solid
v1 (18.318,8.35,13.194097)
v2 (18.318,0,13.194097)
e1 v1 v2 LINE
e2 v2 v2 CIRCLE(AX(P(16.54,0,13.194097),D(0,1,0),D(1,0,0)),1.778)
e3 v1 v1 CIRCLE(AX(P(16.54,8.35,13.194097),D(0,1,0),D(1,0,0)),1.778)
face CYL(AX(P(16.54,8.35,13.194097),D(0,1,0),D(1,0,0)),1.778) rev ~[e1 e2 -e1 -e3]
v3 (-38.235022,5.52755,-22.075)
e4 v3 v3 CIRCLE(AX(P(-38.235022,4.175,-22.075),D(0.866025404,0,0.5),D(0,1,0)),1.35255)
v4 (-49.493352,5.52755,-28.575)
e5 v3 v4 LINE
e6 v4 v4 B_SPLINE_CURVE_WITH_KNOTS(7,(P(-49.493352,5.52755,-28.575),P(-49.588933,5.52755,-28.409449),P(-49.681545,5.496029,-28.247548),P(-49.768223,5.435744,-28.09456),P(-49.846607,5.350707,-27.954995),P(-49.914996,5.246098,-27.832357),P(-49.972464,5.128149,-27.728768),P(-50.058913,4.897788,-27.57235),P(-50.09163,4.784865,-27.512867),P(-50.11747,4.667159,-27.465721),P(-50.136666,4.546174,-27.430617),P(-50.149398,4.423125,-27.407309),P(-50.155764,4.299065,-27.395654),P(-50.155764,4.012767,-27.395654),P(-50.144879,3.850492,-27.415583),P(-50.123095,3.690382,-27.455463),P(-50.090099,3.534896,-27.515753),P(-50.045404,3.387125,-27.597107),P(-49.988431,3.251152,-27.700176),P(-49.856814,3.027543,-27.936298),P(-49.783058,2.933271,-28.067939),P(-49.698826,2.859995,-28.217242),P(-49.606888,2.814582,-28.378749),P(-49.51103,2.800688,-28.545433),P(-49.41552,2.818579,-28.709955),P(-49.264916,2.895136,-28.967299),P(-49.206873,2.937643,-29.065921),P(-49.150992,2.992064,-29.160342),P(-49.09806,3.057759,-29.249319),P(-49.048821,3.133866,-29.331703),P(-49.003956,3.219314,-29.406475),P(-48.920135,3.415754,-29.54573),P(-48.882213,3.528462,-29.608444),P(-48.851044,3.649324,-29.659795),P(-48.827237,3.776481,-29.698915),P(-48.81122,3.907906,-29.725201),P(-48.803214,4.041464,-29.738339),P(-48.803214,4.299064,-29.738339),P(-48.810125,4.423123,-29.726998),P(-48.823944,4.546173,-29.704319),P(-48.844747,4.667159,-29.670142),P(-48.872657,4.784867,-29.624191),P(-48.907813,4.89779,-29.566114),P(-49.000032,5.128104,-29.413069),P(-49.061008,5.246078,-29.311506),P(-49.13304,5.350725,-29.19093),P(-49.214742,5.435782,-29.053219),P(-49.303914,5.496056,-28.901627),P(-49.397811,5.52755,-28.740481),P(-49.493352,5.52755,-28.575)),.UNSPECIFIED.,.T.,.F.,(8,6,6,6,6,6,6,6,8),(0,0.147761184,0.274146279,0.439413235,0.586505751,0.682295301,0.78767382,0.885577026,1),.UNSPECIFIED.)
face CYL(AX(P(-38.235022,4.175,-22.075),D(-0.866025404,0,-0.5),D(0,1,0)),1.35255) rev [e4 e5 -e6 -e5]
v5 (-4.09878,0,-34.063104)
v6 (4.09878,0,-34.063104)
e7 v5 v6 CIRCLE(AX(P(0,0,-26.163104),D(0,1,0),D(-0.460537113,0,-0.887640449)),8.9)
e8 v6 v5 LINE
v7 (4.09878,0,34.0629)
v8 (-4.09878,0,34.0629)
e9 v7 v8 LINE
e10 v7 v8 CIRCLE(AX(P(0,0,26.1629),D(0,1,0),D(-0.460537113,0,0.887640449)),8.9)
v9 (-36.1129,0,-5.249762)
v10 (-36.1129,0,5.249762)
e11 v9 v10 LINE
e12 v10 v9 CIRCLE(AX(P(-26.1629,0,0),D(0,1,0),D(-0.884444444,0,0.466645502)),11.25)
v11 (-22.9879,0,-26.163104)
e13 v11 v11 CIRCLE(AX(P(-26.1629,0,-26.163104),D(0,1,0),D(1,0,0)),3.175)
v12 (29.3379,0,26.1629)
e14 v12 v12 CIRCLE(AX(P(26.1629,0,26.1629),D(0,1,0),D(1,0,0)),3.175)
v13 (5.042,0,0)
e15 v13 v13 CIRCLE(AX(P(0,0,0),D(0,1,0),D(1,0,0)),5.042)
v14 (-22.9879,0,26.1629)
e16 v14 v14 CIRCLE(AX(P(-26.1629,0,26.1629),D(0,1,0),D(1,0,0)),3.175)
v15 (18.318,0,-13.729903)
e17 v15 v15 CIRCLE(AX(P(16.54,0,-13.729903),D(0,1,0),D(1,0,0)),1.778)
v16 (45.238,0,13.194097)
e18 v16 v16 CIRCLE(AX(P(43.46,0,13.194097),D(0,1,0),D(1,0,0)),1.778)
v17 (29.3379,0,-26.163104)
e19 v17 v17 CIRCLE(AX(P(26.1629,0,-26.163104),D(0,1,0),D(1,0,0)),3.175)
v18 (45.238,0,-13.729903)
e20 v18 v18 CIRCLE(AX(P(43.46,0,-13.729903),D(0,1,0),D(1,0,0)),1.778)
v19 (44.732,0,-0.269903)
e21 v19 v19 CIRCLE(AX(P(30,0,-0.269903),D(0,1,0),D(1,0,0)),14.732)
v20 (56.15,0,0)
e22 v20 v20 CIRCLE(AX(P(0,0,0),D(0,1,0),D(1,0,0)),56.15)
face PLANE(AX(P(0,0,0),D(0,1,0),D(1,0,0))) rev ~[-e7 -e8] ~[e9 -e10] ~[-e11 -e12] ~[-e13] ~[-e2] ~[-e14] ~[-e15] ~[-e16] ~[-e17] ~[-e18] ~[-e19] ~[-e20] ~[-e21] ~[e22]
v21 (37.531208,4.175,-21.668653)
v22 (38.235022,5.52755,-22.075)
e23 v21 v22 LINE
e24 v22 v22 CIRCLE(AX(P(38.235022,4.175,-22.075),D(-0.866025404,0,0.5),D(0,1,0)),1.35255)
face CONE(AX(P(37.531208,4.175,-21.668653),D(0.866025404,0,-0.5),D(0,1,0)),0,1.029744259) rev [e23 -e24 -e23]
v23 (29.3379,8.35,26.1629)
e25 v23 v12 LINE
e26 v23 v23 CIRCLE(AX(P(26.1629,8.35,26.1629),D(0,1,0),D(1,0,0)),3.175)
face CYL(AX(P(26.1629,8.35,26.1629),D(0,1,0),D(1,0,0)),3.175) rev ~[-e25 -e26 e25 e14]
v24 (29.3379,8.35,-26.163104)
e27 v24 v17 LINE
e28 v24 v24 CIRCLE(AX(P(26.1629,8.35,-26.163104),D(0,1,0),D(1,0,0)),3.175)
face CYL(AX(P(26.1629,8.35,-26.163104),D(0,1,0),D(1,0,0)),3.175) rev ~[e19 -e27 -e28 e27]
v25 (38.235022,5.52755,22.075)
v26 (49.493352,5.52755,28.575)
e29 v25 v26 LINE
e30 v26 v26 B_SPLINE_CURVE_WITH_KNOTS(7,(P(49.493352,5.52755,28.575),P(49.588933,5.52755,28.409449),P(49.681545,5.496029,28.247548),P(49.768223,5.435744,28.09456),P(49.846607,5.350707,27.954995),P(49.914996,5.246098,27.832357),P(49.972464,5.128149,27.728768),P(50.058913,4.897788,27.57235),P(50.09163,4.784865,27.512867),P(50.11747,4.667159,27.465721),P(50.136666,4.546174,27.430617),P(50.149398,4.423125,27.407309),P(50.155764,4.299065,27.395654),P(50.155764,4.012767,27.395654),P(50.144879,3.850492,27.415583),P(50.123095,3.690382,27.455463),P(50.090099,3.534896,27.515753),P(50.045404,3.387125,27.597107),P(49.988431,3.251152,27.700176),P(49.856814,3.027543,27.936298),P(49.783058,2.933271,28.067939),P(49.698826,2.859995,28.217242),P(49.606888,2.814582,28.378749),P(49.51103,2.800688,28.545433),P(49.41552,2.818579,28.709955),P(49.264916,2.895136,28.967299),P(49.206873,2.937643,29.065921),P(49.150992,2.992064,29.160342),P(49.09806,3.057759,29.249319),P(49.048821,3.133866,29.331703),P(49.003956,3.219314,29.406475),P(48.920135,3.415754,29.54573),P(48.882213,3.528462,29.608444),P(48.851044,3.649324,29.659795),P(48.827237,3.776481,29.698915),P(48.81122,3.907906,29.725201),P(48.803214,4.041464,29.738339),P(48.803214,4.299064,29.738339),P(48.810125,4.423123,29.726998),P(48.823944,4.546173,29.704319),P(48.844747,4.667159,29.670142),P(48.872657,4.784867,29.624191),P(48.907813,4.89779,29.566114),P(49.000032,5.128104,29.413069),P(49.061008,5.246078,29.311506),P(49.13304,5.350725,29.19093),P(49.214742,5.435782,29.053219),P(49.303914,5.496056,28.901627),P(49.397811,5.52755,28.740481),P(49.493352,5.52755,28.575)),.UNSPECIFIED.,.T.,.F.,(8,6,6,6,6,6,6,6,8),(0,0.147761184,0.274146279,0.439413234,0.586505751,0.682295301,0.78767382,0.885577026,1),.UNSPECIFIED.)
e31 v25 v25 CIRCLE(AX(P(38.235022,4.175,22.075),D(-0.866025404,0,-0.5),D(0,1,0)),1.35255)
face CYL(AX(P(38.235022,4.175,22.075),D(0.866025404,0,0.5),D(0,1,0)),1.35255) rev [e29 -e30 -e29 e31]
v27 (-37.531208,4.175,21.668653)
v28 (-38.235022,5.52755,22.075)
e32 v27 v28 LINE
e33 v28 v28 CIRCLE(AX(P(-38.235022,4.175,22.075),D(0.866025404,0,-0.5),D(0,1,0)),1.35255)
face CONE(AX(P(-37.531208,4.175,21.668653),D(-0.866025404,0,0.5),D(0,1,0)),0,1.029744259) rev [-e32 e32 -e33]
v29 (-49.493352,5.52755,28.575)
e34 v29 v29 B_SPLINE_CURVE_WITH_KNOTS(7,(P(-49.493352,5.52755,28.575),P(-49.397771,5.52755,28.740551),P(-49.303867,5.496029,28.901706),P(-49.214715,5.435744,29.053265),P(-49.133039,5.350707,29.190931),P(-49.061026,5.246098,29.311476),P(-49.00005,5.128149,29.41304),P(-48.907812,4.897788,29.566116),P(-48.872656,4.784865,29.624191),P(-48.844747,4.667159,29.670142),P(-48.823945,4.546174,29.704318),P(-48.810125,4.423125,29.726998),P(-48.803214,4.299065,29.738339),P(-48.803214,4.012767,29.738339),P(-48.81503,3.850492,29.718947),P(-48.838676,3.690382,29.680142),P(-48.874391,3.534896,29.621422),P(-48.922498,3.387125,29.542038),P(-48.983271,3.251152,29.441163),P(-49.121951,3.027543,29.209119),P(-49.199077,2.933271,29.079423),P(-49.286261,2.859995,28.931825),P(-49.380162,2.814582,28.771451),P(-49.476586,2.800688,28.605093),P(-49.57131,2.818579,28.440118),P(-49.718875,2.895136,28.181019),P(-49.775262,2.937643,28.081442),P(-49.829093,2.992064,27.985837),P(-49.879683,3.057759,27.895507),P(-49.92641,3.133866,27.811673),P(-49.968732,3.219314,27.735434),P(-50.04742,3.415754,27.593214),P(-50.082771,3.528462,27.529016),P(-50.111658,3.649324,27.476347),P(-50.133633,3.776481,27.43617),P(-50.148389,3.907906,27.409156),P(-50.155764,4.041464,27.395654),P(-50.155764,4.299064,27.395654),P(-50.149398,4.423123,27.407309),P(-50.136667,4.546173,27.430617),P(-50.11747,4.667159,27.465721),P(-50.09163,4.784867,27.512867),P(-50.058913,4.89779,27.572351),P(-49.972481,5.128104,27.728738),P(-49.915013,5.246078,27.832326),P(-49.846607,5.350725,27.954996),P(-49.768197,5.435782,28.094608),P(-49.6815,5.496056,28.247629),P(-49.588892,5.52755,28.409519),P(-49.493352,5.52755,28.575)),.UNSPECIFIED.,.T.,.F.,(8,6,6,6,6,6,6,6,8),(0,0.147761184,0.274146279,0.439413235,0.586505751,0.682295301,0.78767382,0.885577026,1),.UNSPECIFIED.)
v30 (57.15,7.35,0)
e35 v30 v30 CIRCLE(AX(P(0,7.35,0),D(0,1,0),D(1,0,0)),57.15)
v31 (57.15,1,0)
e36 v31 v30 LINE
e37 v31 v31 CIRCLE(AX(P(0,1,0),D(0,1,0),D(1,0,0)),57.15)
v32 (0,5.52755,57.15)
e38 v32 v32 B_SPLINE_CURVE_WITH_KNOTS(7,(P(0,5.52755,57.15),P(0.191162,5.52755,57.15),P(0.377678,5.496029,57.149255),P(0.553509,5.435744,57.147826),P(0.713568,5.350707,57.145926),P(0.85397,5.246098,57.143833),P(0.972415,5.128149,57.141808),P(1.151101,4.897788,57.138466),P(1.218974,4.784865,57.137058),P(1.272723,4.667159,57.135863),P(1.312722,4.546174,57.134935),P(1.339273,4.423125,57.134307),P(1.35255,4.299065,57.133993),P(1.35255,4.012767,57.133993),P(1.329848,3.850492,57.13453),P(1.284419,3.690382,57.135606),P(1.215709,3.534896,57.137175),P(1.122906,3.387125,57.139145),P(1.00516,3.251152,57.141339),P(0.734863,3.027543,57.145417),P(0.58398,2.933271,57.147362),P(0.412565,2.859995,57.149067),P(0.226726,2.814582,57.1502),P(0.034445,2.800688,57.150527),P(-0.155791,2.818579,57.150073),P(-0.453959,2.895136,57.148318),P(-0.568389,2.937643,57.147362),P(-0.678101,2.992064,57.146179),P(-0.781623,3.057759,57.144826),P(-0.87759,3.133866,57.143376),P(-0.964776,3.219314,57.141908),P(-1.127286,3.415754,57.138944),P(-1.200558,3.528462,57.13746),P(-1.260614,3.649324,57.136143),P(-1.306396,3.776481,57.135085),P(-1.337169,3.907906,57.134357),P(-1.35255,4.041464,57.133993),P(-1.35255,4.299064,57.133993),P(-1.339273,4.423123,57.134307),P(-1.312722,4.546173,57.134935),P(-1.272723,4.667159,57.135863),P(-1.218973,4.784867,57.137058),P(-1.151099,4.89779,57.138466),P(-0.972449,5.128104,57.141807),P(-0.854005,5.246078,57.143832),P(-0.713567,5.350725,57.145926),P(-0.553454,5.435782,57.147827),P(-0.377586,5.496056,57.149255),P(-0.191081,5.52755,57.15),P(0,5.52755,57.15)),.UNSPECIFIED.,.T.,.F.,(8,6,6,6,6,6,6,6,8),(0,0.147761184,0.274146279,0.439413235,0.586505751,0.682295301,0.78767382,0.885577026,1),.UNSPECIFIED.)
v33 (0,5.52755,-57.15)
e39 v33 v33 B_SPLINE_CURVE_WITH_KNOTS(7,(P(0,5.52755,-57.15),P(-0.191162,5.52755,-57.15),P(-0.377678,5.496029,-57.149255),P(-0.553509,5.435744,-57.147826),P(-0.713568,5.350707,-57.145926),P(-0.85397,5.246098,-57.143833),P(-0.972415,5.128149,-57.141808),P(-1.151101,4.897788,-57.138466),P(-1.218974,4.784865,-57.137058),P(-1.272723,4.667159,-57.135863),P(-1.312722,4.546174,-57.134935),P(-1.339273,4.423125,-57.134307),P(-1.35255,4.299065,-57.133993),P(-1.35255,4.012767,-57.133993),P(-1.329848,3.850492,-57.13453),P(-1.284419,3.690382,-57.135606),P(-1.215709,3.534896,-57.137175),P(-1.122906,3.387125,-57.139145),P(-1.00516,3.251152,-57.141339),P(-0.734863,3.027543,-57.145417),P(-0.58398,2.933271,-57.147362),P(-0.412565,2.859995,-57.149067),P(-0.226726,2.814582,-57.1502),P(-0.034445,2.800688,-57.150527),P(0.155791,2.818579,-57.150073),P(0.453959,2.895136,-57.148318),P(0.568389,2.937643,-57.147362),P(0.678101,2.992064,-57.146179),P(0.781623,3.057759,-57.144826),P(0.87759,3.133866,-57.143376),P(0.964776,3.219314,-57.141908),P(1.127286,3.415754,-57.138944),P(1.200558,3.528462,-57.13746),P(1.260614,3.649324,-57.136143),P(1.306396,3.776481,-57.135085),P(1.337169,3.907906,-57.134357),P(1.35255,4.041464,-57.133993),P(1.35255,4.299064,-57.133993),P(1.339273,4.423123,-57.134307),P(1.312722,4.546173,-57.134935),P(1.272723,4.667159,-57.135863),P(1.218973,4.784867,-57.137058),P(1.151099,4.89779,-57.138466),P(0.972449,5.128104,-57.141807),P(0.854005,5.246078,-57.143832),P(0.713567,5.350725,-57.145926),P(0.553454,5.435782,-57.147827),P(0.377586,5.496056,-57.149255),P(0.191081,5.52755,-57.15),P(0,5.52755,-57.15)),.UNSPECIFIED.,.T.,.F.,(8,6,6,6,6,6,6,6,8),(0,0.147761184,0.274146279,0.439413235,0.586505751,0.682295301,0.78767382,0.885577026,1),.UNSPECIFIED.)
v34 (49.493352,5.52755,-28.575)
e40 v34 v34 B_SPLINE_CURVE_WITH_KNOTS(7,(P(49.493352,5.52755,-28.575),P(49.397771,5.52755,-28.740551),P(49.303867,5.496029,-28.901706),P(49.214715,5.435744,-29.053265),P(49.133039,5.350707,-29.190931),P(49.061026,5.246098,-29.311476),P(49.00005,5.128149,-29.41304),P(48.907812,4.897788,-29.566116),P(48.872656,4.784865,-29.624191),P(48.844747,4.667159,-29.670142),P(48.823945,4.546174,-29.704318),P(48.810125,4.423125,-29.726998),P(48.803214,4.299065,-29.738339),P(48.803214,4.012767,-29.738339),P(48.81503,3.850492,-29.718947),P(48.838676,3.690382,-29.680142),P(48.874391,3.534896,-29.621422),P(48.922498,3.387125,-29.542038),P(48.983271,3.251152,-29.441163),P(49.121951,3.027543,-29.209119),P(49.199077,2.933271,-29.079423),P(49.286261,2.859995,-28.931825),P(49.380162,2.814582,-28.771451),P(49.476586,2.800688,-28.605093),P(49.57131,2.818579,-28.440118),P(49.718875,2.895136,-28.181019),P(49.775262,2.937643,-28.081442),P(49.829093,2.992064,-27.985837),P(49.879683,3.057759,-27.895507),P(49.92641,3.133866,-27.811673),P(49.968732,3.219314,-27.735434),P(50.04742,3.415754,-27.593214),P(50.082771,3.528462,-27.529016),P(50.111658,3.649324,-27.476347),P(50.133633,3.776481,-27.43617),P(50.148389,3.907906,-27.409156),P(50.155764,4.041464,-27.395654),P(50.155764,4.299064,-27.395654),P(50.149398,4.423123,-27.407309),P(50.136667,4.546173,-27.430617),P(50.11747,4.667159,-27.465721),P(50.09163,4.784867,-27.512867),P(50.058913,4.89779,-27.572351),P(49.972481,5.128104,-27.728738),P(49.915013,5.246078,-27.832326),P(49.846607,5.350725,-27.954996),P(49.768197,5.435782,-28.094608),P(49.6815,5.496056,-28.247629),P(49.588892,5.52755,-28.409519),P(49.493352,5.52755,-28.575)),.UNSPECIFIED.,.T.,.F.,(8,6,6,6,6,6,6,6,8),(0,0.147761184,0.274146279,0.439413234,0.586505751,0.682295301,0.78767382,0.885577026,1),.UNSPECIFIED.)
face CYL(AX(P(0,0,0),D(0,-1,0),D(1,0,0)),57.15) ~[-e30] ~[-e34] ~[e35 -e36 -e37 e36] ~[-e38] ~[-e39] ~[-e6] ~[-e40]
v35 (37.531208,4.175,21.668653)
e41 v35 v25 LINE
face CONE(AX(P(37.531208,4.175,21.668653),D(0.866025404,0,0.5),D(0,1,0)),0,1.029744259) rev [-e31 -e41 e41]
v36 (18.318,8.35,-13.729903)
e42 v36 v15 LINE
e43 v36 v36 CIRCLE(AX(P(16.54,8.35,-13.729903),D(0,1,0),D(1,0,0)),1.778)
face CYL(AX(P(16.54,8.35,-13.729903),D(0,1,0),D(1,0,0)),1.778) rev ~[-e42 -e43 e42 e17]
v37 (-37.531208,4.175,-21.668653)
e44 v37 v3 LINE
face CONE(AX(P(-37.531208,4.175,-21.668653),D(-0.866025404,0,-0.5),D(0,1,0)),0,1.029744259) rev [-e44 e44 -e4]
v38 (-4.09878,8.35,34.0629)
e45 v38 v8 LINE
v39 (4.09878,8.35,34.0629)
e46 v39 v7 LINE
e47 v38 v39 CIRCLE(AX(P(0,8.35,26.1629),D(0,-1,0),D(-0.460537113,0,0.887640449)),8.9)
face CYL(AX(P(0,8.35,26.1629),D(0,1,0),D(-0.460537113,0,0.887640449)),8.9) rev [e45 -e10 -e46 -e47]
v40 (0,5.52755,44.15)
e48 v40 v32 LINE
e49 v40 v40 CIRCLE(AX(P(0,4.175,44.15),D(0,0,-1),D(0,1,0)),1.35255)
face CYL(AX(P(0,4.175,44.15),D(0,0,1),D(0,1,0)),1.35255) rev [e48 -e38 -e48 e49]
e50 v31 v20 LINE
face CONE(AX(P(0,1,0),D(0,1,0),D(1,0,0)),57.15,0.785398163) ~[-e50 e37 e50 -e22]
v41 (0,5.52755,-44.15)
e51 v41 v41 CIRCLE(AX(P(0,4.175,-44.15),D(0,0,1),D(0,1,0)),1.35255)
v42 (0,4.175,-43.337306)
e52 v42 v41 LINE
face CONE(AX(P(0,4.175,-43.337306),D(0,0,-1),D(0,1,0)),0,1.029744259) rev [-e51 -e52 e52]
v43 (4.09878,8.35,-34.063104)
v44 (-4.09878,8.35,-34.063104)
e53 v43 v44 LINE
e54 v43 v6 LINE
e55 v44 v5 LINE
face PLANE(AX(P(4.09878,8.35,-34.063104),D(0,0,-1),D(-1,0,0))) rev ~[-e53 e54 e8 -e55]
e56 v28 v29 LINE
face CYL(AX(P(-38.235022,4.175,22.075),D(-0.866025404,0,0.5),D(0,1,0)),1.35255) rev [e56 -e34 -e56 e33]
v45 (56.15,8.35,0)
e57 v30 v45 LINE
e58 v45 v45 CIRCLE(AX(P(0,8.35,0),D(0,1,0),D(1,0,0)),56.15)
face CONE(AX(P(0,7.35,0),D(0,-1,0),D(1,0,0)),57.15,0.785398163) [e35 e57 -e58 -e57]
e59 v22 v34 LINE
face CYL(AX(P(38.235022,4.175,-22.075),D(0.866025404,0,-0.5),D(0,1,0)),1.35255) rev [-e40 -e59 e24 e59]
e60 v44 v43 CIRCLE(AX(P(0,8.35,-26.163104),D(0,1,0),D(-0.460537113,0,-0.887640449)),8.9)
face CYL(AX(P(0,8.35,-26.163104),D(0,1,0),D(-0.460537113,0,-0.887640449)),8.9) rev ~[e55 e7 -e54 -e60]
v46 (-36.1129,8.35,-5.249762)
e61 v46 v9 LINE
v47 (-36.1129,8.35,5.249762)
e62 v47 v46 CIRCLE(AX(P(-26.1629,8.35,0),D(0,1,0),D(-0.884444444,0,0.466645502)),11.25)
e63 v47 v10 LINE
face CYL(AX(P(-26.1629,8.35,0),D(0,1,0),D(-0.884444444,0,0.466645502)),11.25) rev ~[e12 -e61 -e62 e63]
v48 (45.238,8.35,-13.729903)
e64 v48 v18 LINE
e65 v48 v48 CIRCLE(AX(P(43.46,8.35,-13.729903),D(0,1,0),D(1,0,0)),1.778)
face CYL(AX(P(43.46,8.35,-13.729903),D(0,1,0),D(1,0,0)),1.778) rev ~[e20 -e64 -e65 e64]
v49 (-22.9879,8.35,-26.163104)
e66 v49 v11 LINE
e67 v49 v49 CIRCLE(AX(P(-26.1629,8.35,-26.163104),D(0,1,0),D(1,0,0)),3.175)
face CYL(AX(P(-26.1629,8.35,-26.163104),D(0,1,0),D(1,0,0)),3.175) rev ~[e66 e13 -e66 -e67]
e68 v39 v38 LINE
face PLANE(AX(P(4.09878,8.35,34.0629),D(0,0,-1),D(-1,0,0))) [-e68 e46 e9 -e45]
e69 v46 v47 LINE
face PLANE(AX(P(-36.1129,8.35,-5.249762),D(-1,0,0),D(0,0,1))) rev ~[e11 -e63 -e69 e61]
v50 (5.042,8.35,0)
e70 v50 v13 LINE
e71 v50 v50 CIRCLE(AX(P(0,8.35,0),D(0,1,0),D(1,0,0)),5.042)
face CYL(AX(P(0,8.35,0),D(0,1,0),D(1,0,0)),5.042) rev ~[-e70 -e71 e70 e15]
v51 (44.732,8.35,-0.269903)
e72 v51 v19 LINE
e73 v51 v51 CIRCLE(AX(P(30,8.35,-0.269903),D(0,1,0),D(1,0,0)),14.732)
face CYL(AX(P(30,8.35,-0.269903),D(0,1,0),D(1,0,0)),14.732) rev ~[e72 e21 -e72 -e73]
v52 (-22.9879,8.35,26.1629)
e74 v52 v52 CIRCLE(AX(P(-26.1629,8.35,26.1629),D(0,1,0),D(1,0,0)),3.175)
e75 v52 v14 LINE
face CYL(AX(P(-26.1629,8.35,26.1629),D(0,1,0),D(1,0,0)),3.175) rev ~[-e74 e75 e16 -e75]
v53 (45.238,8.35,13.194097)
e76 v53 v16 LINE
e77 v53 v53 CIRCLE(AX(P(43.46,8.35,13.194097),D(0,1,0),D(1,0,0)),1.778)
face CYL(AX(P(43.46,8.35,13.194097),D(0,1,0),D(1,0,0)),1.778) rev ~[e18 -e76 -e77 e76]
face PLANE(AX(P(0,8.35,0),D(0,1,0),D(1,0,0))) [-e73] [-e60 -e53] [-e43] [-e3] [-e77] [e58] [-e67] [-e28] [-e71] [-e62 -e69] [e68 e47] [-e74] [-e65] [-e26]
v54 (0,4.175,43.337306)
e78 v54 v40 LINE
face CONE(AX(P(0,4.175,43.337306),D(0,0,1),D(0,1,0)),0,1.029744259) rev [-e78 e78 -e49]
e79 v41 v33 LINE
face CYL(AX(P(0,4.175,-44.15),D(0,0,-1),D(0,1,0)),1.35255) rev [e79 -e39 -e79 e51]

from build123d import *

# Parameters (mm, degrees)
SKETCH2_R           = 57.15
BOSS_EXTRUDE1_DEPTH = 8.35
CUT_EXTRUDE1_REACH  = 10.35
SKETCH6_R           = 3.175
SKETCH7_R           = 14.732
SKETCH7_R_2         = 1.778
CUT_EXTRUDE2_DEPTH  = 9.35
SKETCH8_R           = 5.042
CUT_EXTRUDE3_DEPTH  = 9.35
CIRPATTERN1_COUNT   = 6
CHAMFER1_SIZE       = 1


with BuildPart() as part:
    # Sketch2 → Boss-Extrude1 (new body)
    with BuildSketch(Plane(origin=(0, 0, 0), x_dir=(1, 0, 0), z_dir=(0, 1, 0))):
        Circle(SKETCH2_R)
    extrude(amount=BOSS_EXTRUDE1_DEPTH)

    # Sketch6 → Cut-Extrude1 (cut, up to next)
    with BuildSketch(Plane(origin=(0, 8.35, 0), x_dir=(1, 0, 0), z_dir=(0, 1, 0)), mode=Mode.PRIVATE) as cut_extrude1_sk1:
        with Locations((-26.1629, -26.1629)):
            Circle(SKETCH6_R)
    cut_extrude1_tool1 = extrude(cut_extrude1_sk1.sketch, amount=-CUT_EXTRUDE1_REACH, mode=Mode.PRIVATE) & part.part
    add(cut_extrude1_tool1.solids().sort_by_distance((-26.1629, 8.35, 26.1629))[0], mode=Mode.SUBTRACT)
    # Sketch6 → Cut-Extrude1 (cut, up to next)
    with BuildSketch(Plane(origin=(0, 8.35, 0), x_dir=(1, 0, 0), z_dir=(0, 1, 0)), mode=Mode.PRIVATE) as cut_extrude1_sk2:
        with Locations((26.1629, -26.1629)):
            Circle(SKETCH6_R)
    cut_extrude1_tool2 = extrude(cut_extrude1_sk2.sketch, amount=-CUT_EXTRUDE1_REACH, mode=Mode.PRIVATE) & part.part
    add(cut_extrude1_tool2.solids().sort_by_distance((26.1629, 8.35, 26.1629))[0], mode=Mode.SUBTRACT)
    # Sketch6 → Cut-Extrude1 (cut, up to next)
    with BuildSketch(Plane(origin=(0, 8.35, 0), x_dir=(1, 0, 0), z_dir=(0, 1, 0)), mode=Mode.PRIVATE) as cut_extrude1_sk3:
        with Locations((-26.1629, 26.163103615)):
            Circle(SKETCH6_R)
    cut_extrude1_tool3 = extrude(cut_extrude1_sk3.sketch, amount=-CUT_EXTRUDE1_REACH, mode=Mode.PRIVATE) & part.part
    add(cut_extrude1_tool3.solids().sort_by_distance((-26.1629, 8.35, -26.163104))[0], mode=Mode.SUBTRACT)
    # Sketch6 → Cut-Extrude1 (cut, up to next)
    with BuildSketch(Plane(origin=(0, 8.35, 0), x_dir=(1, 0, 0), z_dir=(0, 1, 0)), mode=Mode.PRIVATE) as cut_extrude1_sk4:
        with Locations((26.1629, 26.163103615)):
            Circle(SKETCH6_R)
    cut_extrude1_tool4 = extrude(cut_extrude1_sk4.sketch, amount=-CUT_EXTRUDE1_REACH, mode=Mode.PRIVATE) & part.part
    add(cut_extrude1_tool4.solids().sort_by_distance((26.1629, 8.35, -26.163104))[0], mode=Mode.SUBTRACT)

    # Sketch7 → Cut-Extrude2 (cut, through all)
    with BuildSketch(Plane(origin=(0, 8.35, 0), x_dir=(1, 0, 0), z_dir=(0, 1, 0))):
        with Locations((30, 0.269903496)):
            Circle(SKETCH7_R)
        with Locations((16.54, -13.194096504)):
            Circle(SKETCH7_R_2)
        with Locations((16.54, 13.729903496)):
            Circle(SKETCH7_R_2)
        with Locations((43.46, 13.729903496)):
            Circle(SKETCH7_R_2)
        with Locations((43.46, -13.194096504)):
            Circle(SKETCH7_R_2)
    extrude(amount=-CUT_EXTRUDE2_DEPTH, mode=Mode.SUBTRACT)

    # Sketch8 → Cut-Extrude3 (cut, through all)
    with BuildSketch(Plane(origin=(0, 8.35, 0), x_dir=(1, 0, 0), z_dir=(0, 1, 0))):
        Circle(SKETCH8_R)
        with BuildLine():
            Line((4.098780306, 34.063103615), (-4.098780306, 34.063103615))
            ThreePointArc((-4.098780306, 34.063103615), (0, 17.263103615), (4.098780306, 34.063103615))
        make_face()
        with BuildLine():
            Line((4.098780306, -34.0629), (-4.098780306, -34.0629))
            ThreePointArc((-4.098780306, -34.0629), (0, -17.2629), (4.098780306, -34.0629))
        make_face()
        with BuildLine():
            Line((-36.1129, 5.249761899), (-36.1129, -5.249761899))
            ThreePointArc((-36.1129, -5.249761899), (-14.9129, 0), (-36.1129, 5.249761899))
        make_face()
    extrude(amount=-CUT_EXTRUDE3_DEPTH, mode=Mode.SUBTRACT)

    # Sketch16 → #6-32 Tapped Hole1 (revolve, cut)
    with BuildSketch(Plane(origin=(0, 4.175, -57.15), x_dir=(0, 1, 0), z_dir=(1, 0, 0))):
        Polygon((0, 0), (0, 13.81269403), (1.35255, 13), (1.35255, 0), align=None)
    f_6_32_tapped_hole1 = revolve(axis=Axis((0, 4.175, -63.5), (0, 0, 1)), mode=Mode.SUBTRACT)

    # CirPattern1: #6-32 Tapped Hole1 ×6 about axis
    cirpattern1_axis = Axis((0, 0, 0), (0, 1, 0))
    for i in range(1, CIRPATTERN1_COUNT):
        add(f_6_32_tapped_hole1.rotate(cirpattern1_axis, i * 360 / CIRPATTERN1_COUNT), mode=Mode.SUBTRACT)

    # Chamfer1
    chamfer1_edges = [part.edges().sort_by_distance(p)[0] for p in [
        (-57.15, 0, 0),
        (-57.15, 8.35, 0),
    ]]
    chamfer(chamfer1_edges, length=CHAMFER1_SIZE)


solid = part.part
